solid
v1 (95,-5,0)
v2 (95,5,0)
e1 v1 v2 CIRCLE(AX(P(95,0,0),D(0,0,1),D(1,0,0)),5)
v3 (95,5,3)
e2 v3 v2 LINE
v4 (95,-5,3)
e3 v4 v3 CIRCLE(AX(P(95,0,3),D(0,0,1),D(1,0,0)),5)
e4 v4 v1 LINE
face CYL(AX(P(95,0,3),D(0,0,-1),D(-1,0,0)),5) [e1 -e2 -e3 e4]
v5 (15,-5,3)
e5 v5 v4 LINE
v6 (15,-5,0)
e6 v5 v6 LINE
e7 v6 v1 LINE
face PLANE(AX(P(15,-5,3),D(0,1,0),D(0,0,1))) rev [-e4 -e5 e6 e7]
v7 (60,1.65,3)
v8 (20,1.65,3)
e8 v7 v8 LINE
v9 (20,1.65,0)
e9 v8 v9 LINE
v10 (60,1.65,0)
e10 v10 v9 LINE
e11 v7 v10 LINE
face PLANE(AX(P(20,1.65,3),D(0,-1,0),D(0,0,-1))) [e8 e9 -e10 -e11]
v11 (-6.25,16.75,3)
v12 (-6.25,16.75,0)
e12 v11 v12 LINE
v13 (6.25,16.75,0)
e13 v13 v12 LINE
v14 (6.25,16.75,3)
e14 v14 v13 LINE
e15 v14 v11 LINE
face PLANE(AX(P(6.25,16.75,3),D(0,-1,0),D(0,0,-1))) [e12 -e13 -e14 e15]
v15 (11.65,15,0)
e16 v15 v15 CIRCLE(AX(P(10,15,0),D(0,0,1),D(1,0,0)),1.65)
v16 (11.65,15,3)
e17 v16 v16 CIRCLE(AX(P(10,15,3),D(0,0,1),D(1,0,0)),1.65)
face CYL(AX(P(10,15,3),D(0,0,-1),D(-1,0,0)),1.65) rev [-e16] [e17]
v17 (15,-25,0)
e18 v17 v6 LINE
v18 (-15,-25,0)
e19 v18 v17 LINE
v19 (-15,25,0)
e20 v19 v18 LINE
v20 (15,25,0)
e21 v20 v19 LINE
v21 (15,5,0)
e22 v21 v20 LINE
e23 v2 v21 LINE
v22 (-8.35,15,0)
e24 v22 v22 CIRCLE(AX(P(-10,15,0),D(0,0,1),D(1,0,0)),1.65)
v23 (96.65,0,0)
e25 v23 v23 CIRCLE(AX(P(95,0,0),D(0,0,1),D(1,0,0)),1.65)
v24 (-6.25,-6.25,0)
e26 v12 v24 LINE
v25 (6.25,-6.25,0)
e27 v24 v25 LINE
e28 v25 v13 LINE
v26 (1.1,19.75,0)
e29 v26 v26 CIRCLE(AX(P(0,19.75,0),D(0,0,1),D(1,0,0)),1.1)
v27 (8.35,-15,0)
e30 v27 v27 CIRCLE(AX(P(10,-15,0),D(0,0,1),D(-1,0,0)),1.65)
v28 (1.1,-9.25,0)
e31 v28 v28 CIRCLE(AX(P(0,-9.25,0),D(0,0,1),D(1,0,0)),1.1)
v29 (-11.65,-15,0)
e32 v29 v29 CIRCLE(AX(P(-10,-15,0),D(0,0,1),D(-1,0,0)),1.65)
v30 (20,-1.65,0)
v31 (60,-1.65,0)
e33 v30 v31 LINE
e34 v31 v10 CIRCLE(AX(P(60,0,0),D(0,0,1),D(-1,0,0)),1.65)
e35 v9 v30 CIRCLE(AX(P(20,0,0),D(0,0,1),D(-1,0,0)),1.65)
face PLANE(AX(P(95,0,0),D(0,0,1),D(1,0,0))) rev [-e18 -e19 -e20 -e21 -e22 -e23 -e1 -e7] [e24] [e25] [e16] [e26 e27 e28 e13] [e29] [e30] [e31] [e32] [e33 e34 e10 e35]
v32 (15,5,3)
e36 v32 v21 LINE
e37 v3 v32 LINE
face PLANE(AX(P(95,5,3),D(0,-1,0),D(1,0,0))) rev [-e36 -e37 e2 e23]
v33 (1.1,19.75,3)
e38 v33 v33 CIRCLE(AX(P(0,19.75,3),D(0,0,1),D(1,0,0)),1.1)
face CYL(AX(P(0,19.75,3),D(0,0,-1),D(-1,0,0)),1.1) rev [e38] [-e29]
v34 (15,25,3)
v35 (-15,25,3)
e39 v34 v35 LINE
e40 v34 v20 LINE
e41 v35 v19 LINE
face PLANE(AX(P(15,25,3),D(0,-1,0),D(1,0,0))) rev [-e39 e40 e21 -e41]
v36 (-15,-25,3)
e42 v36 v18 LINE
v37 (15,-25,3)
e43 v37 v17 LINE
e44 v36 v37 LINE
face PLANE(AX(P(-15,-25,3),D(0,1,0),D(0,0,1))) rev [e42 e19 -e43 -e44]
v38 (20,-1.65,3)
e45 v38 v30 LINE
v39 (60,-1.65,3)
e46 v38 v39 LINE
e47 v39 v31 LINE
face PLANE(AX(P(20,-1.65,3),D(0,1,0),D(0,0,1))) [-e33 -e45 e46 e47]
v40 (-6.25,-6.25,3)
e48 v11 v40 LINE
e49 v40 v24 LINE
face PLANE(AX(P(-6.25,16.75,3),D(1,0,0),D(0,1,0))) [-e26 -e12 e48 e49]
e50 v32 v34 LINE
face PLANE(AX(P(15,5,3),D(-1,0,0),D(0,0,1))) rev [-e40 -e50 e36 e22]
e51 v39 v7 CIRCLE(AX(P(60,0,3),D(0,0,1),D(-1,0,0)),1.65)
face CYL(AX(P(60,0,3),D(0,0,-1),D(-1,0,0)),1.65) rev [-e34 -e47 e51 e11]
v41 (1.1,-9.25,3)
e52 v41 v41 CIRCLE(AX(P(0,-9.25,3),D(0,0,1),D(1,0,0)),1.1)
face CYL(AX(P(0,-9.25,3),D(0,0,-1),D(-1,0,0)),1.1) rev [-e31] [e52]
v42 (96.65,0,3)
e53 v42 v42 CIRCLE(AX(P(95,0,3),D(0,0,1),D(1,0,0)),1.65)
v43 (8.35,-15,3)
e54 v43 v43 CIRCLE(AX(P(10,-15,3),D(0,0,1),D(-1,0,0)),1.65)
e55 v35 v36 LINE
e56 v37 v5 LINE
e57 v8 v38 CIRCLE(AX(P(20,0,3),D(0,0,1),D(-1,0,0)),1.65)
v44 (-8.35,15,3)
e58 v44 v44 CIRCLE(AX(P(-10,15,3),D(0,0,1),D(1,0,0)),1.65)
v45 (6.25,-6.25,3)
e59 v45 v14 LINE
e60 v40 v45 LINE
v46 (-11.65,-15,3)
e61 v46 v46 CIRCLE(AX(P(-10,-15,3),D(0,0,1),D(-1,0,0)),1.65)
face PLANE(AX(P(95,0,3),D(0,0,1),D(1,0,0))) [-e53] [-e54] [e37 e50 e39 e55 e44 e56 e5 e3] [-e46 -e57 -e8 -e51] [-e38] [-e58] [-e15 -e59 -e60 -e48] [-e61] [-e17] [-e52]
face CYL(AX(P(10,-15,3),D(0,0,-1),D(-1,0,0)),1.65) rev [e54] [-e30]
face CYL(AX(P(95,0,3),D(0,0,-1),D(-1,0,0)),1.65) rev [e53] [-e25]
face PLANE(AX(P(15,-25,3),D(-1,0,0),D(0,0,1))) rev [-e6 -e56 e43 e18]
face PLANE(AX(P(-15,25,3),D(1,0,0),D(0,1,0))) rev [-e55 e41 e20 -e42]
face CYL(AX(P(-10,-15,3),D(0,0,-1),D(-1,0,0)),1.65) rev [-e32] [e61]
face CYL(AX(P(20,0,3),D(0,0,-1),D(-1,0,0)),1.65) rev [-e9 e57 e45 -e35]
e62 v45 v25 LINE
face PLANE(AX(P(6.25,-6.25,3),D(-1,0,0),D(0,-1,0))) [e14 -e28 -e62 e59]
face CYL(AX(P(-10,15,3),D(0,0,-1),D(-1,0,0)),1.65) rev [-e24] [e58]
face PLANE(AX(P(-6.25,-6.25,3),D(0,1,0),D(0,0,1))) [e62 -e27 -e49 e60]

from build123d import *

# Parameters (mm, degrees)
SKETCH_1_R      = 1.1
SKETCH_1_R_2    = 1.65
SKETCH_1_W      = 12.5
SKETCH_1_H      = 23
EXTRUDE_1_DEPTH = 3


with BuildPart() as part:
    # 草图1 → 凸台-拉伸1 (new body)
    with BuildSketch(Plane.XY):
        with BuildLine():
            Line((15, -25), (15, -5))
            Line((15, -5), (95, -5))
            ThreePointArc((95, -5), (100, 0), (95, 5))
            Line((95, 5), (15, 5))
            Line((15, 5), (15, 25))
            Line((15, 25), (-15, 25))
            Line((-15, 25), (-15, -25))
            Line((-15, -25), (15, -25))
        make_face()
        with Locations((0, 19.75)):
            Circle(SKETCH_1_R, mode=Mode.SUBTRACT)
        with Locations((0, -9.25)):
            Circle(SKETCH_1_R, mode=Mode.SUBTRACT)
        with Locations((95, 0)):
            Circle(SKETCH_1_R_2, mode=Mode.SUBTRACT)
        with Locations((10, 15)):
            Circle(SKETCH_1_R_2, mode=Mode.SUBTRACT)
        with Locations((-10, 15)):
            Circle(SKETCH_1_R_2, mode=Mode.SUBTRACT)
        with Locations(Location((10, -15, 0), (0, 0, 180))):
            Circle(SKETCH_1_R_2, mode=Mode.SUBTRACT)
        with Locations(Location((-10, -15, 0), (0, 0, 180))):
            Circle(SKETCH_1_R_2, mode=Mode.SUBTRACT)
        with Locations((0, 5.25)):
            Rectangle(SKETCH_1_W, SKETCH_1_H, mode=Mode.SUBTRACT)
        with BuildLine():
            Line((20, -1.65), (60, -1.65))
            ThreePointArc((60, -1.65), (61.65, 0), (60, 1.65))
            Line((60, 1.65), (20, 1.65))
            ThreePointArc((20, 1.65), (18.35, 0), (20, -1.65))
        make_face(mode=Mode.SUBTRACT)
    extrude(amount=EXTRUDE_1_DEPTH)


solid = part.part
